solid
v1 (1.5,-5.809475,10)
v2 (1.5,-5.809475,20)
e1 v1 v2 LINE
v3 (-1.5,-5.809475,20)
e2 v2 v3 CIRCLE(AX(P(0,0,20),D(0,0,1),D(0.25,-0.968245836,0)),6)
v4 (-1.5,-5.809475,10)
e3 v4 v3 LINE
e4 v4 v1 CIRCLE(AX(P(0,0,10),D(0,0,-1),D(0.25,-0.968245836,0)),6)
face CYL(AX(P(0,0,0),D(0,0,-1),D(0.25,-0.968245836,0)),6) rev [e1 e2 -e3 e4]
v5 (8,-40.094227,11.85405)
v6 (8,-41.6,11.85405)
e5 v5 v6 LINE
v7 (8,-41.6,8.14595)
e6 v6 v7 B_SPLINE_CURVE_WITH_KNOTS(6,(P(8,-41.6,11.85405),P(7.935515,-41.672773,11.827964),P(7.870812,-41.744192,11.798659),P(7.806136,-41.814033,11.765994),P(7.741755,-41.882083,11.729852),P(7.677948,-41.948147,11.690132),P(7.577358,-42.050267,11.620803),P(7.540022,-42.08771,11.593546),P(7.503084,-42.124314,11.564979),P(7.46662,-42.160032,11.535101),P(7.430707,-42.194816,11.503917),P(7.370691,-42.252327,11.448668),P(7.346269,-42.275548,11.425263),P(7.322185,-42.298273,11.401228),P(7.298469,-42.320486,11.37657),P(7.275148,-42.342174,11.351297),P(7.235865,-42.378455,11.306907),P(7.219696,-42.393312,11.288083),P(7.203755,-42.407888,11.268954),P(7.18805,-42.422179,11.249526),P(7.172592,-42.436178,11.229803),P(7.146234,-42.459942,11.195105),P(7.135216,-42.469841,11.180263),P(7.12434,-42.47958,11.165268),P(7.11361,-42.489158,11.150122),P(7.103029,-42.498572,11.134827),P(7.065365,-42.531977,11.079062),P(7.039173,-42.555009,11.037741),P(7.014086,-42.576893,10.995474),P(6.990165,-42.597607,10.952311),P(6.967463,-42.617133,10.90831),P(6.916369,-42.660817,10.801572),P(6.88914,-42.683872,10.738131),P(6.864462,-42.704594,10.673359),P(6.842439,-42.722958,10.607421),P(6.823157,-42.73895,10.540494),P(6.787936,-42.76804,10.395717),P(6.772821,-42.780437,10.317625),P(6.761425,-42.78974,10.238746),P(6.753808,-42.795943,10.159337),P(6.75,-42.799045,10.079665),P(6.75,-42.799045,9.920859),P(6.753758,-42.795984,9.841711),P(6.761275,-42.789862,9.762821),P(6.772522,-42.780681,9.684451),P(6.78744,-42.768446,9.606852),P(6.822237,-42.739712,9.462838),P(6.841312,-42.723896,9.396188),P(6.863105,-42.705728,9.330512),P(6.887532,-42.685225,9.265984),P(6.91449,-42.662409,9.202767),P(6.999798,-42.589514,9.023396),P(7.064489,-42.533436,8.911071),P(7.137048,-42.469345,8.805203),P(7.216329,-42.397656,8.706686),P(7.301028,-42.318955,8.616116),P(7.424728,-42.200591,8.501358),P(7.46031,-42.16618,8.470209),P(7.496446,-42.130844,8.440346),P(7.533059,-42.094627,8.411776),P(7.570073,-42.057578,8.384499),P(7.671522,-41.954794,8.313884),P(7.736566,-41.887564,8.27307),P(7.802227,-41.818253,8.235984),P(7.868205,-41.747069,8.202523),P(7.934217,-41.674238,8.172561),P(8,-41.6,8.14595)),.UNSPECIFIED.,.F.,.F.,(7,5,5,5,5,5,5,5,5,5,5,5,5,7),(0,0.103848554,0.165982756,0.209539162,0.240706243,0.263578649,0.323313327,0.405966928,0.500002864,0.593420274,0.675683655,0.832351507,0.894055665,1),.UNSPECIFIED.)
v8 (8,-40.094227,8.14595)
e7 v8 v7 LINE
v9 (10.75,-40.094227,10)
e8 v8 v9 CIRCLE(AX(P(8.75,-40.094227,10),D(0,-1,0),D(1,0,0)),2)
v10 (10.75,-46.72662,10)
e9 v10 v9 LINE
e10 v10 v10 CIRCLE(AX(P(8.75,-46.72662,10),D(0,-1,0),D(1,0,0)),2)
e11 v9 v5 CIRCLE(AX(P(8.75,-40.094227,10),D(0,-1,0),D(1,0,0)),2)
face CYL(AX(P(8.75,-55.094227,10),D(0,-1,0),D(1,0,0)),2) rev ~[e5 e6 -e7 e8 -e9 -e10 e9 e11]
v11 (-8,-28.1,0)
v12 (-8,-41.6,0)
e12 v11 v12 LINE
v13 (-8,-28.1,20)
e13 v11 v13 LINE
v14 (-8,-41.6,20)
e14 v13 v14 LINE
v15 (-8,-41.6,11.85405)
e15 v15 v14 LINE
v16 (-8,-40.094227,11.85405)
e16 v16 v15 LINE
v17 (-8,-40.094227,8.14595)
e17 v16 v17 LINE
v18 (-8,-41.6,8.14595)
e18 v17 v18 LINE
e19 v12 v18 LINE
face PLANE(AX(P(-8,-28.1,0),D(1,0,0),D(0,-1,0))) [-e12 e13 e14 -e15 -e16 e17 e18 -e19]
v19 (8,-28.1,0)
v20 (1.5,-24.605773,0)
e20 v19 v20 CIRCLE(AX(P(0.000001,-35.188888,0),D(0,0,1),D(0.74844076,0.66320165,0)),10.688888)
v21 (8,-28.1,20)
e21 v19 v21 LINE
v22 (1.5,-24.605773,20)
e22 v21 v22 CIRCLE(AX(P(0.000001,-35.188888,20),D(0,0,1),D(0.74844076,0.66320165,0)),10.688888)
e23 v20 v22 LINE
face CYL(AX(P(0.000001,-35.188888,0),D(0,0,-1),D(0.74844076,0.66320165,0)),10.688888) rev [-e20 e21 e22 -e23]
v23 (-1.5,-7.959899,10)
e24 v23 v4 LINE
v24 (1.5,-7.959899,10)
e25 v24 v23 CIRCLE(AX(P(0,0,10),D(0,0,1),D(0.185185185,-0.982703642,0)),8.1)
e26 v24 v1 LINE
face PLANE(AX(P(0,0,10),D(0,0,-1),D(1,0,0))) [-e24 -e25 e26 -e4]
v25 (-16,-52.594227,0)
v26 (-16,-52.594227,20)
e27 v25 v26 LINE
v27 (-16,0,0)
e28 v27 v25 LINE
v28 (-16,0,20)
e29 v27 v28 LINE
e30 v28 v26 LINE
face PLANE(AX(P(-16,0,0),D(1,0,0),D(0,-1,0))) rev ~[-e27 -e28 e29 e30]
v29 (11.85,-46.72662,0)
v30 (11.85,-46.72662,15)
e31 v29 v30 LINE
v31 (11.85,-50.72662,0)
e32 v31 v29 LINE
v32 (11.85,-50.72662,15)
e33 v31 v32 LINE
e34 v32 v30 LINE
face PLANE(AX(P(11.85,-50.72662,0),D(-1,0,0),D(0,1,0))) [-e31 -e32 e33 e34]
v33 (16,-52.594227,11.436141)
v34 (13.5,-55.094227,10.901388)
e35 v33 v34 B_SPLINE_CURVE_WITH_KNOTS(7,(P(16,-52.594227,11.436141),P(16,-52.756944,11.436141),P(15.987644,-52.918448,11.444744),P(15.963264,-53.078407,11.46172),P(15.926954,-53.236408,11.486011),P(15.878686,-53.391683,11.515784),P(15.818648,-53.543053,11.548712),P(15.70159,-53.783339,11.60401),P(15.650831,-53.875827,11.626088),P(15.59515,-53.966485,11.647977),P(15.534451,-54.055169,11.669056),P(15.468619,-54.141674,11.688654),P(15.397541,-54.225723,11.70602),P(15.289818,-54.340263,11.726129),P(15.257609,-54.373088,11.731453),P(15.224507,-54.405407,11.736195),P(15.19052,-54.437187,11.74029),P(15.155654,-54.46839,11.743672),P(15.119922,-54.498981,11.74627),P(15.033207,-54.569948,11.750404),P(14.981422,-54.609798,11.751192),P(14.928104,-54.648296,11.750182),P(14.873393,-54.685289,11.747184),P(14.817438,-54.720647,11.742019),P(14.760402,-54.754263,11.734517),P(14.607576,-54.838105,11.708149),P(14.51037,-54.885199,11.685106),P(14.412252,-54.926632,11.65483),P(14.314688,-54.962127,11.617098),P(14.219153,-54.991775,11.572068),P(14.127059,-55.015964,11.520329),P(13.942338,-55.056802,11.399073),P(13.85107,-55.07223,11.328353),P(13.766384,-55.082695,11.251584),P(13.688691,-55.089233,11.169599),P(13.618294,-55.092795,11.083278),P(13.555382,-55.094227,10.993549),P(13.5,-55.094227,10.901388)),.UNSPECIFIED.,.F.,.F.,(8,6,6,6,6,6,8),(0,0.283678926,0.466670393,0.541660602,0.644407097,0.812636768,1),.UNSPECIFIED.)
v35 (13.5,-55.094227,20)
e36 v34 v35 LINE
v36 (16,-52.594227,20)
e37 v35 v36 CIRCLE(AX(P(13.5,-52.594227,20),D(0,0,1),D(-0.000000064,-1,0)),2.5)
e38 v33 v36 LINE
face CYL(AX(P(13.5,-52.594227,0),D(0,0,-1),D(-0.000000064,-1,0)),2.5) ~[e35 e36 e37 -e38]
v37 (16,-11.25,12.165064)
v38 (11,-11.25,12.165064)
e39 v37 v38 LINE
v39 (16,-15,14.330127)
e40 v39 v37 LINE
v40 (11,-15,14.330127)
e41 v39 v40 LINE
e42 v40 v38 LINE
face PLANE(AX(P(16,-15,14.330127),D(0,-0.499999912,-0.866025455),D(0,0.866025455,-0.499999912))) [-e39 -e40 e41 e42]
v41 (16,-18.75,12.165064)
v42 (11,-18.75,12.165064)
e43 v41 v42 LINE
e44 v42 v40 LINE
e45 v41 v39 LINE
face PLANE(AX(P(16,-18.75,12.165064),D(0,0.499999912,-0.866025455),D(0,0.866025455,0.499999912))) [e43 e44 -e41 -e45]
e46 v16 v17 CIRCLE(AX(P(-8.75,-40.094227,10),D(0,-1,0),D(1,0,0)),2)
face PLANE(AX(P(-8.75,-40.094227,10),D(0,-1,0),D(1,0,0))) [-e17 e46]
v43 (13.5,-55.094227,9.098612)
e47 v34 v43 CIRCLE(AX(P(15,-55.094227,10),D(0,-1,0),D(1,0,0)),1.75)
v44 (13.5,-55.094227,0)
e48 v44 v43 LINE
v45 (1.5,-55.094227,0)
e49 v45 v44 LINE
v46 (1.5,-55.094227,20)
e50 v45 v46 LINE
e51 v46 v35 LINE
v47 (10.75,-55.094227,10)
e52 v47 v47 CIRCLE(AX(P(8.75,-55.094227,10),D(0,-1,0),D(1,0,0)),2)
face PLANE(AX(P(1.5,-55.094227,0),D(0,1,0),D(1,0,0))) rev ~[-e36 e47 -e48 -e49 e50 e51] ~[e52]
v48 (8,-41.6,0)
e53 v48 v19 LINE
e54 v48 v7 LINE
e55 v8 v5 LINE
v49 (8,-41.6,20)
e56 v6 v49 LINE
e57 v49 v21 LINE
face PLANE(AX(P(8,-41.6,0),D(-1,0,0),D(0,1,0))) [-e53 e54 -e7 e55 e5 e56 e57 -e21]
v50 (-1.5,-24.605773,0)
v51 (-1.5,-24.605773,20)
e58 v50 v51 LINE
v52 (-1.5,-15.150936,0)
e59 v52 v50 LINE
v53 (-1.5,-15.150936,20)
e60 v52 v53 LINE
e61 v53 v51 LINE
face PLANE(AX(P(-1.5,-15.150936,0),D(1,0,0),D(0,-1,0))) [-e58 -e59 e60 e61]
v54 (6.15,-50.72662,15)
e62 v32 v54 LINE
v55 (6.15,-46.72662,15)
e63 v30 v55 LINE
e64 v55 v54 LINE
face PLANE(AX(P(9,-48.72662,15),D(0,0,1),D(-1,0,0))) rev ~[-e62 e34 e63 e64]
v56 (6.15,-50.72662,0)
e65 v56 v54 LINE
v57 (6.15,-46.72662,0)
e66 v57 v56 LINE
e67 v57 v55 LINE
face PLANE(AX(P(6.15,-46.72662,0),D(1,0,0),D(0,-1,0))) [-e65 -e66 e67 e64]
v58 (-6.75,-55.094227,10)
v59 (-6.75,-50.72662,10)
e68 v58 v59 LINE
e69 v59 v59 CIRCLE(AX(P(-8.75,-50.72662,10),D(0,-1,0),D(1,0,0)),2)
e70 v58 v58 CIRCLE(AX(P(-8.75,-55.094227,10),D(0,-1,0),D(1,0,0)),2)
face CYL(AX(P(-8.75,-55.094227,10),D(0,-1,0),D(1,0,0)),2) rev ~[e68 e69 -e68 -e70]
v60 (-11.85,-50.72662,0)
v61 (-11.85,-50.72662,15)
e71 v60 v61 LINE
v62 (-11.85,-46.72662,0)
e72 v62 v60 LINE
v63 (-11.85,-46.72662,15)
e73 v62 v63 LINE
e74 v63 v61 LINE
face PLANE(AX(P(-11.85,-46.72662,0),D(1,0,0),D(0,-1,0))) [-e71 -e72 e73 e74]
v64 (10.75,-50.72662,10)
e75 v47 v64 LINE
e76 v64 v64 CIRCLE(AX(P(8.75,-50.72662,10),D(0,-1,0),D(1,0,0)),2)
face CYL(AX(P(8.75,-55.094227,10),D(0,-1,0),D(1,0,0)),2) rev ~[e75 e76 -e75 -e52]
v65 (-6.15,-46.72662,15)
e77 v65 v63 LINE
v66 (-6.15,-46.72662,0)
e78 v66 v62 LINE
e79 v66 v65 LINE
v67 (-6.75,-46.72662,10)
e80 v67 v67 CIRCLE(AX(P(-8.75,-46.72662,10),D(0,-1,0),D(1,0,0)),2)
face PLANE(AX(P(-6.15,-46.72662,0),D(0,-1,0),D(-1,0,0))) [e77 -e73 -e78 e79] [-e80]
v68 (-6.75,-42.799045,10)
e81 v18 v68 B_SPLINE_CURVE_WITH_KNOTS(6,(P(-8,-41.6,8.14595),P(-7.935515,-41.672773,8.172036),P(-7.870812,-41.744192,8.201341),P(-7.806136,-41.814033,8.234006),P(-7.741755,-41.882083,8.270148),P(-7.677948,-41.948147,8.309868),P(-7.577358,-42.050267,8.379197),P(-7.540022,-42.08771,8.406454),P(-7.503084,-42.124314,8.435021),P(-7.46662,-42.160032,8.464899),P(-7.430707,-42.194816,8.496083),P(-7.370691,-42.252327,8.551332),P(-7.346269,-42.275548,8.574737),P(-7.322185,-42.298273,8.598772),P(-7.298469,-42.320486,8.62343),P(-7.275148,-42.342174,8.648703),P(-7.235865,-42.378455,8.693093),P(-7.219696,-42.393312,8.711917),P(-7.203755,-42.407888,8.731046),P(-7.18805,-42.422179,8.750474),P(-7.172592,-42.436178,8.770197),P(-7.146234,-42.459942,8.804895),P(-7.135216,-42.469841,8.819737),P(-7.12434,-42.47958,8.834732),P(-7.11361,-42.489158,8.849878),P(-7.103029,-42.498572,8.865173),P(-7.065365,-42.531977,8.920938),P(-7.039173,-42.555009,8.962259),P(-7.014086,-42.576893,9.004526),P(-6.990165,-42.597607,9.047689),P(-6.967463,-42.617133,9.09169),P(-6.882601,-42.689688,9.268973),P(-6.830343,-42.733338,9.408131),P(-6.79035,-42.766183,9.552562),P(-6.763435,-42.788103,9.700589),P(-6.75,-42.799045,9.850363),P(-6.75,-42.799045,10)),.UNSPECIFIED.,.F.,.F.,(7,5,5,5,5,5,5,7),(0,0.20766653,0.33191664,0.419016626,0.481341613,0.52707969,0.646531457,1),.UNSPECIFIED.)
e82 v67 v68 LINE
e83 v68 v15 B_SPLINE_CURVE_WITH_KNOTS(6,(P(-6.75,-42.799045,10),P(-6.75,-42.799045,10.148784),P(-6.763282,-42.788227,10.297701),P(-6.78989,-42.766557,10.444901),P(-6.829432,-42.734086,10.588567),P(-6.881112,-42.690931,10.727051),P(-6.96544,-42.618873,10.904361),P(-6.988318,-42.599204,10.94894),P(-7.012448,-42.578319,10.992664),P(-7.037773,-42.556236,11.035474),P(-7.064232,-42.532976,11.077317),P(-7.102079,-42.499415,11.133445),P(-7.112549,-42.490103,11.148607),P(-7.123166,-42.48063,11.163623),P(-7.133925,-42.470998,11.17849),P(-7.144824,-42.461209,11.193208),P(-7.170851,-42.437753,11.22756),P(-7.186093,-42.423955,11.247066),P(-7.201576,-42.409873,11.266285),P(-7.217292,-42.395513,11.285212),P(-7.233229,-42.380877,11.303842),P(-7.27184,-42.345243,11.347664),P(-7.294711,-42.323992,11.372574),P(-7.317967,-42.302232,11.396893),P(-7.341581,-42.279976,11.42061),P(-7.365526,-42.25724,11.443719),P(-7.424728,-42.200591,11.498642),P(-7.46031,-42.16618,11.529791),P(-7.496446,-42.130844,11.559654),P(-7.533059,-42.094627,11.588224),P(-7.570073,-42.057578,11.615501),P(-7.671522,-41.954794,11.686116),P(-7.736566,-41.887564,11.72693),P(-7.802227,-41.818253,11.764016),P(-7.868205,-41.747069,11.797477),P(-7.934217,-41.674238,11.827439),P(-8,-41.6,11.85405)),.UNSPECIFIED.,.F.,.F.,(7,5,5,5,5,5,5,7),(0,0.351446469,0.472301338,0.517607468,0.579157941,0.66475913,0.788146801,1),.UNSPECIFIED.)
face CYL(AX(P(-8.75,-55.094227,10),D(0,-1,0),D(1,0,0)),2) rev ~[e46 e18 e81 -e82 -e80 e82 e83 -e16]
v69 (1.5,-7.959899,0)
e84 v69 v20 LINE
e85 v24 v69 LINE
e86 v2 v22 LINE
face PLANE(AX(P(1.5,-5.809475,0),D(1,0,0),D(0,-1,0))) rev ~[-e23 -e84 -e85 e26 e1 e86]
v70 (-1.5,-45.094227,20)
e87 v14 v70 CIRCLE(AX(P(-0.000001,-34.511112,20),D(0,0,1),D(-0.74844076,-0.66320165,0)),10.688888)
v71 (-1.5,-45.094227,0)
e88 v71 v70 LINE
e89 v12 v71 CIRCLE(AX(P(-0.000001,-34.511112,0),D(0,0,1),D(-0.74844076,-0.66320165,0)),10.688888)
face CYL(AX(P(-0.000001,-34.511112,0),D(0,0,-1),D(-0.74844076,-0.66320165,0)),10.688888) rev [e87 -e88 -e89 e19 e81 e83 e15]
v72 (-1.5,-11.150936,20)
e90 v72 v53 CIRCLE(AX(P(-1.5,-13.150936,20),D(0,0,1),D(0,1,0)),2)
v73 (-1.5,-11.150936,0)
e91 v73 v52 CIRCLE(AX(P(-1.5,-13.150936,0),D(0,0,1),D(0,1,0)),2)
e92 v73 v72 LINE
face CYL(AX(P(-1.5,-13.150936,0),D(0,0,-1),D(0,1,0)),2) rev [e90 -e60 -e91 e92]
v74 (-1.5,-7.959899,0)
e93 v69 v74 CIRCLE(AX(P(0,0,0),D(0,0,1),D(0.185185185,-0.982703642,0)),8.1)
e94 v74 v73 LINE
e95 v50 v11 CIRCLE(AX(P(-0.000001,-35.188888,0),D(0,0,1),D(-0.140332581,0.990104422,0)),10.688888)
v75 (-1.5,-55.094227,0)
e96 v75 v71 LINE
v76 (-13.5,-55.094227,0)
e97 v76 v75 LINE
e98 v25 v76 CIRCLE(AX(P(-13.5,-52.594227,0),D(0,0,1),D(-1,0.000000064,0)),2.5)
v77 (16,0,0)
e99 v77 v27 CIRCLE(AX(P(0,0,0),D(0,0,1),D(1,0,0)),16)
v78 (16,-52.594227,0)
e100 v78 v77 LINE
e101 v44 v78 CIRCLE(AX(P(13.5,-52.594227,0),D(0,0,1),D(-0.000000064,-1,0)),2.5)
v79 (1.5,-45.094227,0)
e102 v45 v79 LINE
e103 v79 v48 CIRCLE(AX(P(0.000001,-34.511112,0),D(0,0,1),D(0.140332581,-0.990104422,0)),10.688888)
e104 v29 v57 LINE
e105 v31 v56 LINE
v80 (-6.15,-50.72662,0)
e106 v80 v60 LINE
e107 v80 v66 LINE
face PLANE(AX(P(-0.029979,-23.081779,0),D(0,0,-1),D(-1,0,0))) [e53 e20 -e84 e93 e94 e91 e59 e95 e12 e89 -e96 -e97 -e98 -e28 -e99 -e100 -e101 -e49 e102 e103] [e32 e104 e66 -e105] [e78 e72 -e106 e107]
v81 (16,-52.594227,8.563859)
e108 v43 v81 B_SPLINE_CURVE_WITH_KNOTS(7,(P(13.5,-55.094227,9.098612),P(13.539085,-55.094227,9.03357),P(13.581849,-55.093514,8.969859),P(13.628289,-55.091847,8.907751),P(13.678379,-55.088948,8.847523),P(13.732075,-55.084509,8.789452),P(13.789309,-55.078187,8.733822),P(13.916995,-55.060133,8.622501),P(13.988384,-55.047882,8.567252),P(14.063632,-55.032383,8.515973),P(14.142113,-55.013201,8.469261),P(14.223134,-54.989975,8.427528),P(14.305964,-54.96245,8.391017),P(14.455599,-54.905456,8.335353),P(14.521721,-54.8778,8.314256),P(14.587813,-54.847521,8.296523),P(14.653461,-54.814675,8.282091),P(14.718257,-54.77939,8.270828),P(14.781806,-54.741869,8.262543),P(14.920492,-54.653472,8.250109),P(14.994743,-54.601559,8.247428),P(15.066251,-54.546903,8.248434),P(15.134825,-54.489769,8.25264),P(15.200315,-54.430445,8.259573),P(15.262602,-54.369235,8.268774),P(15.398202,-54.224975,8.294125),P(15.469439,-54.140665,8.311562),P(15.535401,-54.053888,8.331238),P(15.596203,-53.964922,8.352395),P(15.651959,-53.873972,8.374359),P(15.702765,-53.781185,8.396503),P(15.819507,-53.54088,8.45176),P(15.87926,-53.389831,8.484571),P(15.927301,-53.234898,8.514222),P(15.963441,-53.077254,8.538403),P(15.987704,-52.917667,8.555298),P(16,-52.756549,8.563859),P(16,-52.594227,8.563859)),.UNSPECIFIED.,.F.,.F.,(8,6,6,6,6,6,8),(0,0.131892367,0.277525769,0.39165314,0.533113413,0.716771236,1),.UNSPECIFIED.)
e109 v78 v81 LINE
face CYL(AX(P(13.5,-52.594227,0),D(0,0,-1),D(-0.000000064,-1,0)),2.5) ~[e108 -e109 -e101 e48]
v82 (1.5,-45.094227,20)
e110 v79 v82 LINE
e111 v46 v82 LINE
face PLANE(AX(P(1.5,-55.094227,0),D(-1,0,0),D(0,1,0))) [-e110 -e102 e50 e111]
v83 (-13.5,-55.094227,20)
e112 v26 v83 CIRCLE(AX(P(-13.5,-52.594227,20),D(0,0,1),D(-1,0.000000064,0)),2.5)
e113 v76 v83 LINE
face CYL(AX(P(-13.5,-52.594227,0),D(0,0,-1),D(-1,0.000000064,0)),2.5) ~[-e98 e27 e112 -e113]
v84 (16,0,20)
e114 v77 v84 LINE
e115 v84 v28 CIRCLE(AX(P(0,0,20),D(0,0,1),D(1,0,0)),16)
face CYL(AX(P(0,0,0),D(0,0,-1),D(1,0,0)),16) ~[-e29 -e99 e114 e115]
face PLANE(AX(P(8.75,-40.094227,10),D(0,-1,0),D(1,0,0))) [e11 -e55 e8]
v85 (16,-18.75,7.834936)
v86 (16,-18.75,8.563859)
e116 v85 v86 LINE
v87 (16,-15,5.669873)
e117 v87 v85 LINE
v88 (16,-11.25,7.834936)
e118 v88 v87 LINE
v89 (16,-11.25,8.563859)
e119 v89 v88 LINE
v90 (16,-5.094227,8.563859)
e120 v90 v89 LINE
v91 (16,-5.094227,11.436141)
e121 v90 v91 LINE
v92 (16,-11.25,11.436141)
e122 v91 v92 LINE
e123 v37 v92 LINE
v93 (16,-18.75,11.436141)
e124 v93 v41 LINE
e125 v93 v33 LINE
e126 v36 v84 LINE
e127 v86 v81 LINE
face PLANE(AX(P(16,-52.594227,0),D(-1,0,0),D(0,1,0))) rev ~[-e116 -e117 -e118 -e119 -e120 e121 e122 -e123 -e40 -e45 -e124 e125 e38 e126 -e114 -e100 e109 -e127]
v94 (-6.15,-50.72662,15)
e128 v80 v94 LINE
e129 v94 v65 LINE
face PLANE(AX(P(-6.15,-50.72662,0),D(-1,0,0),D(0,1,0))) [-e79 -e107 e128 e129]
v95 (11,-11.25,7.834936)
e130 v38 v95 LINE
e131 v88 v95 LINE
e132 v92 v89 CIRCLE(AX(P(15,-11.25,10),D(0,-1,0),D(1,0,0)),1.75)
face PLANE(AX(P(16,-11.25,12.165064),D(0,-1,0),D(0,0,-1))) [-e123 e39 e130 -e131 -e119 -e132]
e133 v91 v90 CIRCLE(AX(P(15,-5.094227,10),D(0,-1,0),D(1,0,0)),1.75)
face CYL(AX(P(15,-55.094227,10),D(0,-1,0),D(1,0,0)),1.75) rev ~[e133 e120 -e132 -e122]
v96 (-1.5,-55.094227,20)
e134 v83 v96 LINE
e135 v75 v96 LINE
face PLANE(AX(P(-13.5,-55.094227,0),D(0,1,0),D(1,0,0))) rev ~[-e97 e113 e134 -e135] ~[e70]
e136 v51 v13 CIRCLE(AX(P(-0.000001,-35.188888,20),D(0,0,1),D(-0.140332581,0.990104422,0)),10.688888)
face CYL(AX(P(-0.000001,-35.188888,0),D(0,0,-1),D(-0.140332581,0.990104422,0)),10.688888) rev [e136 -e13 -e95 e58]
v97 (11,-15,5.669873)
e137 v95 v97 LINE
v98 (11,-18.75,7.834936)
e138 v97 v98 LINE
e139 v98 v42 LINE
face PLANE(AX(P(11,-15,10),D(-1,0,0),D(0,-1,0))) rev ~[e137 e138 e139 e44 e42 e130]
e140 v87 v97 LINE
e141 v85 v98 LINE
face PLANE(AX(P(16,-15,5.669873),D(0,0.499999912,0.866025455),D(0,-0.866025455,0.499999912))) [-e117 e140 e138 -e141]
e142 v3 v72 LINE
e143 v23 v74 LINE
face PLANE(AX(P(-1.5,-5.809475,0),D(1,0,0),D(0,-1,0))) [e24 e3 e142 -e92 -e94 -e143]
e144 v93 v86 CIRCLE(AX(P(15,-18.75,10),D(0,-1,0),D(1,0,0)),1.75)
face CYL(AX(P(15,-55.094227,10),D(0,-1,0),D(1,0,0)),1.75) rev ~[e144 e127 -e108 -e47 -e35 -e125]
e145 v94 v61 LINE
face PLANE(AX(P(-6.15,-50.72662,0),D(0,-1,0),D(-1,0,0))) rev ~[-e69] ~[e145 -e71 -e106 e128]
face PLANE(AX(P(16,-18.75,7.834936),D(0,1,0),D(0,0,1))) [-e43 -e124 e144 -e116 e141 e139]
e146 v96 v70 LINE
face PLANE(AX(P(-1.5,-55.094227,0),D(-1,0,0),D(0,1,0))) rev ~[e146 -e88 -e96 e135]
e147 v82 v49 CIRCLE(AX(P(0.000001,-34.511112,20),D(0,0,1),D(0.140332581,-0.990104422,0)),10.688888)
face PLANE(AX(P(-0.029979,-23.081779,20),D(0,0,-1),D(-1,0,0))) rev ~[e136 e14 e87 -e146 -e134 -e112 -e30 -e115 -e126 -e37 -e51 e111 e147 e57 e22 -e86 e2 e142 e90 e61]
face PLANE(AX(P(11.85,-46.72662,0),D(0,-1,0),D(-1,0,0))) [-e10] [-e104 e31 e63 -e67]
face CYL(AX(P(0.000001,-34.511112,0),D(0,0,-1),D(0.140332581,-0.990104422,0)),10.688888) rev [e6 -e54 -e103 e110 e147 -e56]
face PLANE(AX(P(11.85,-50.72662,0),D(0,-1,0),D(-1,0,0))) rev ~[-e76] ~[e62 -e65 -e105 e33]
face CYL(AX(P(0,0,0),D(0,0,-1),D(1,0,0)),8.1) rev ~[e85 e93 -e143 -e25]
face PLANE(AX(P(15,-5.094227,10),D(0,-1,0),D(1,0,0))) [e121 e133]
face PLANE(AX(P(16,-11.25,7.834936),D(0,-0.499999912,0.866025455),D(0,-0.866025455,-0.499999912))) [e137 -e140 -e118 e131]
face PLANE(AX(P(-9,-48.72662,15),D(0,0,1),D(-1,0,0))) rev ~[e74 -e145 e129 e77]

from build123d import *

# Parameters (mm, degrees)
PAD001_DEPTH    = 20
SKETCH012_R     = 1.75
POCKET008_DEPTH = 50
POCKET009_DEPTH = 5
POCKET010_DEPTH = 15
SKETCH015_R     = 2
POCKET011_DEPTH = 15
SKETCH016_R     = 8.1
POCKET012_DEPTH = 10


with BuildPart() as part:
    # Sketch011 → Pad001 (new body)
    with BuildSketch(Plane.XY):
        with BuildLine():
            Line((-8, -28.1), (-8, -41.6))
            ThreePointArc((-8, -41.6), (-5.061117, -43.925857), (-1.5, -45.094227))
            Line((-1.5, -55.094227), (-1.5, -45.094227))
            Line((-13.5, -55.094227), (-1.5, -55.094227))
            ThreePointArc((-16, -52.594227), (-15.267767, -54.361994), (-13.5, -55.094227))
            Line((-16, 0), (-16, -52.594227))
            ThreePointArc((16, 0), (0, 16), (-16, 0))
            Line((16, -52.594227), (16, 0))
            ThreePointArc((13.5, -55.094227), (15.267767, -54.361994), (16, -52.594227))
            Line((1.5, -55.094227), (13.5, -55.094227))
            Line((1.5, -55.094227), (1.5, -45.094227))
            ThreePointArc((1.5, -45.094227), (5.061117, -43.925857), (8, -41.6))
            Line((8, -41.6), (8, -28.1))
            ThreePointArc((8, -28.1), (5.061117, -25.774143), (1.5, -24.605773))
            Line((1.5, -5.809475), (1.5, -24.605773))
            ThreePointArc((1.5, -5.809475), (0, 6), (-1.5, -5.809475))
            Line((-1.5, -5.809475), (-1.5, -11.150936))
            ThreePointArc((-1.5, -11.150936), (-3.5, -13.150936), (-1.5, -15.150936))
            Line((-1.5, -15.150936), (-1.5, -24.605773))
            ThreePointArc((-1.5, -24.605773), (-5.061117, -25.774143), (-8, -28.1))
        make_face()
    extrude(amount=PAD001_DEPTH)

    # Sketch012 (on Face9 of Pad001) → Pocket008 (cut)
    with BuildSketch(Plane.XZ.offset(55.094227)):
        with Locations((15, 10)):
            Circle(SKETCH012_R)
    extrude(amount=-POCKET008_DEPTH, mode=Mode.SUBTRACT)

    # Sketch013 (on Face17 of Pocket008) → Pocket009 (cut)
    with BuildSketch(Plane(origin=(16, 0, 0), x_dir=(0, -1, 0), z_dir=(-1, 0, 0))):
        Polygon((18.75, 7.834936), (18.75, 12.165064), (15, 14.330127), (11.25, 12.165064), (11.25, 7.834936), (15, 5.669873), align=None)
    extrude(amount=POCKET009_DEPTH, mode=Mode.SUBTRACT)

    # Sketch014 → Pocket010 (cut)
    with BuildSketch(Plane(origin=(0, 0, 0), x_dir=(1, 0, 0), z_dir=(0, 0, -1))):
        Polygon((-7, 50.72662), (-6.15, 50.72662), (-6.15, 46.72662), (-11.85, 46.72662), (-11.85, 50.72662), (-11, 50.72662), align=None)
        Polygon((11, 50.72662), (11.85, 50.72662), (11.85, 46.72662), (6.15, 46.72662), (6.15, 50.72662), (7, 50.72662), align=None)
    extrude(amount=-POCKET010_DEPTH, mode=Mode.SUBTRACT)

    # Sketch015 (on Face19 of Pocket010) → Pocket011 (cut)
    with BuildSketch(Plane.XZ.offset(55.094227)):
        with Locations((-8.75, 10)):
            Circle(SKETCH015_R)
        with Locations((8.75, 10)):
            Circle(SKETCH015_R)
    extrude(amount=-POCKET011_DEPTH, mode=Mode.SUBTRACT)

    # Sketch016 (on Face4 of Pocket011) → Pocket012 (cut)
    with BuildSketch(Plane(origin=(0, 0, 0), x_dir=(1, 0, 0), z_dir=(0, 0, -1))):
        Circle(SKETCH016_R)
    extrude(amount=-POCKET012_DEPTH, mode=Mode.SUBTRACT)


solid = part.part
